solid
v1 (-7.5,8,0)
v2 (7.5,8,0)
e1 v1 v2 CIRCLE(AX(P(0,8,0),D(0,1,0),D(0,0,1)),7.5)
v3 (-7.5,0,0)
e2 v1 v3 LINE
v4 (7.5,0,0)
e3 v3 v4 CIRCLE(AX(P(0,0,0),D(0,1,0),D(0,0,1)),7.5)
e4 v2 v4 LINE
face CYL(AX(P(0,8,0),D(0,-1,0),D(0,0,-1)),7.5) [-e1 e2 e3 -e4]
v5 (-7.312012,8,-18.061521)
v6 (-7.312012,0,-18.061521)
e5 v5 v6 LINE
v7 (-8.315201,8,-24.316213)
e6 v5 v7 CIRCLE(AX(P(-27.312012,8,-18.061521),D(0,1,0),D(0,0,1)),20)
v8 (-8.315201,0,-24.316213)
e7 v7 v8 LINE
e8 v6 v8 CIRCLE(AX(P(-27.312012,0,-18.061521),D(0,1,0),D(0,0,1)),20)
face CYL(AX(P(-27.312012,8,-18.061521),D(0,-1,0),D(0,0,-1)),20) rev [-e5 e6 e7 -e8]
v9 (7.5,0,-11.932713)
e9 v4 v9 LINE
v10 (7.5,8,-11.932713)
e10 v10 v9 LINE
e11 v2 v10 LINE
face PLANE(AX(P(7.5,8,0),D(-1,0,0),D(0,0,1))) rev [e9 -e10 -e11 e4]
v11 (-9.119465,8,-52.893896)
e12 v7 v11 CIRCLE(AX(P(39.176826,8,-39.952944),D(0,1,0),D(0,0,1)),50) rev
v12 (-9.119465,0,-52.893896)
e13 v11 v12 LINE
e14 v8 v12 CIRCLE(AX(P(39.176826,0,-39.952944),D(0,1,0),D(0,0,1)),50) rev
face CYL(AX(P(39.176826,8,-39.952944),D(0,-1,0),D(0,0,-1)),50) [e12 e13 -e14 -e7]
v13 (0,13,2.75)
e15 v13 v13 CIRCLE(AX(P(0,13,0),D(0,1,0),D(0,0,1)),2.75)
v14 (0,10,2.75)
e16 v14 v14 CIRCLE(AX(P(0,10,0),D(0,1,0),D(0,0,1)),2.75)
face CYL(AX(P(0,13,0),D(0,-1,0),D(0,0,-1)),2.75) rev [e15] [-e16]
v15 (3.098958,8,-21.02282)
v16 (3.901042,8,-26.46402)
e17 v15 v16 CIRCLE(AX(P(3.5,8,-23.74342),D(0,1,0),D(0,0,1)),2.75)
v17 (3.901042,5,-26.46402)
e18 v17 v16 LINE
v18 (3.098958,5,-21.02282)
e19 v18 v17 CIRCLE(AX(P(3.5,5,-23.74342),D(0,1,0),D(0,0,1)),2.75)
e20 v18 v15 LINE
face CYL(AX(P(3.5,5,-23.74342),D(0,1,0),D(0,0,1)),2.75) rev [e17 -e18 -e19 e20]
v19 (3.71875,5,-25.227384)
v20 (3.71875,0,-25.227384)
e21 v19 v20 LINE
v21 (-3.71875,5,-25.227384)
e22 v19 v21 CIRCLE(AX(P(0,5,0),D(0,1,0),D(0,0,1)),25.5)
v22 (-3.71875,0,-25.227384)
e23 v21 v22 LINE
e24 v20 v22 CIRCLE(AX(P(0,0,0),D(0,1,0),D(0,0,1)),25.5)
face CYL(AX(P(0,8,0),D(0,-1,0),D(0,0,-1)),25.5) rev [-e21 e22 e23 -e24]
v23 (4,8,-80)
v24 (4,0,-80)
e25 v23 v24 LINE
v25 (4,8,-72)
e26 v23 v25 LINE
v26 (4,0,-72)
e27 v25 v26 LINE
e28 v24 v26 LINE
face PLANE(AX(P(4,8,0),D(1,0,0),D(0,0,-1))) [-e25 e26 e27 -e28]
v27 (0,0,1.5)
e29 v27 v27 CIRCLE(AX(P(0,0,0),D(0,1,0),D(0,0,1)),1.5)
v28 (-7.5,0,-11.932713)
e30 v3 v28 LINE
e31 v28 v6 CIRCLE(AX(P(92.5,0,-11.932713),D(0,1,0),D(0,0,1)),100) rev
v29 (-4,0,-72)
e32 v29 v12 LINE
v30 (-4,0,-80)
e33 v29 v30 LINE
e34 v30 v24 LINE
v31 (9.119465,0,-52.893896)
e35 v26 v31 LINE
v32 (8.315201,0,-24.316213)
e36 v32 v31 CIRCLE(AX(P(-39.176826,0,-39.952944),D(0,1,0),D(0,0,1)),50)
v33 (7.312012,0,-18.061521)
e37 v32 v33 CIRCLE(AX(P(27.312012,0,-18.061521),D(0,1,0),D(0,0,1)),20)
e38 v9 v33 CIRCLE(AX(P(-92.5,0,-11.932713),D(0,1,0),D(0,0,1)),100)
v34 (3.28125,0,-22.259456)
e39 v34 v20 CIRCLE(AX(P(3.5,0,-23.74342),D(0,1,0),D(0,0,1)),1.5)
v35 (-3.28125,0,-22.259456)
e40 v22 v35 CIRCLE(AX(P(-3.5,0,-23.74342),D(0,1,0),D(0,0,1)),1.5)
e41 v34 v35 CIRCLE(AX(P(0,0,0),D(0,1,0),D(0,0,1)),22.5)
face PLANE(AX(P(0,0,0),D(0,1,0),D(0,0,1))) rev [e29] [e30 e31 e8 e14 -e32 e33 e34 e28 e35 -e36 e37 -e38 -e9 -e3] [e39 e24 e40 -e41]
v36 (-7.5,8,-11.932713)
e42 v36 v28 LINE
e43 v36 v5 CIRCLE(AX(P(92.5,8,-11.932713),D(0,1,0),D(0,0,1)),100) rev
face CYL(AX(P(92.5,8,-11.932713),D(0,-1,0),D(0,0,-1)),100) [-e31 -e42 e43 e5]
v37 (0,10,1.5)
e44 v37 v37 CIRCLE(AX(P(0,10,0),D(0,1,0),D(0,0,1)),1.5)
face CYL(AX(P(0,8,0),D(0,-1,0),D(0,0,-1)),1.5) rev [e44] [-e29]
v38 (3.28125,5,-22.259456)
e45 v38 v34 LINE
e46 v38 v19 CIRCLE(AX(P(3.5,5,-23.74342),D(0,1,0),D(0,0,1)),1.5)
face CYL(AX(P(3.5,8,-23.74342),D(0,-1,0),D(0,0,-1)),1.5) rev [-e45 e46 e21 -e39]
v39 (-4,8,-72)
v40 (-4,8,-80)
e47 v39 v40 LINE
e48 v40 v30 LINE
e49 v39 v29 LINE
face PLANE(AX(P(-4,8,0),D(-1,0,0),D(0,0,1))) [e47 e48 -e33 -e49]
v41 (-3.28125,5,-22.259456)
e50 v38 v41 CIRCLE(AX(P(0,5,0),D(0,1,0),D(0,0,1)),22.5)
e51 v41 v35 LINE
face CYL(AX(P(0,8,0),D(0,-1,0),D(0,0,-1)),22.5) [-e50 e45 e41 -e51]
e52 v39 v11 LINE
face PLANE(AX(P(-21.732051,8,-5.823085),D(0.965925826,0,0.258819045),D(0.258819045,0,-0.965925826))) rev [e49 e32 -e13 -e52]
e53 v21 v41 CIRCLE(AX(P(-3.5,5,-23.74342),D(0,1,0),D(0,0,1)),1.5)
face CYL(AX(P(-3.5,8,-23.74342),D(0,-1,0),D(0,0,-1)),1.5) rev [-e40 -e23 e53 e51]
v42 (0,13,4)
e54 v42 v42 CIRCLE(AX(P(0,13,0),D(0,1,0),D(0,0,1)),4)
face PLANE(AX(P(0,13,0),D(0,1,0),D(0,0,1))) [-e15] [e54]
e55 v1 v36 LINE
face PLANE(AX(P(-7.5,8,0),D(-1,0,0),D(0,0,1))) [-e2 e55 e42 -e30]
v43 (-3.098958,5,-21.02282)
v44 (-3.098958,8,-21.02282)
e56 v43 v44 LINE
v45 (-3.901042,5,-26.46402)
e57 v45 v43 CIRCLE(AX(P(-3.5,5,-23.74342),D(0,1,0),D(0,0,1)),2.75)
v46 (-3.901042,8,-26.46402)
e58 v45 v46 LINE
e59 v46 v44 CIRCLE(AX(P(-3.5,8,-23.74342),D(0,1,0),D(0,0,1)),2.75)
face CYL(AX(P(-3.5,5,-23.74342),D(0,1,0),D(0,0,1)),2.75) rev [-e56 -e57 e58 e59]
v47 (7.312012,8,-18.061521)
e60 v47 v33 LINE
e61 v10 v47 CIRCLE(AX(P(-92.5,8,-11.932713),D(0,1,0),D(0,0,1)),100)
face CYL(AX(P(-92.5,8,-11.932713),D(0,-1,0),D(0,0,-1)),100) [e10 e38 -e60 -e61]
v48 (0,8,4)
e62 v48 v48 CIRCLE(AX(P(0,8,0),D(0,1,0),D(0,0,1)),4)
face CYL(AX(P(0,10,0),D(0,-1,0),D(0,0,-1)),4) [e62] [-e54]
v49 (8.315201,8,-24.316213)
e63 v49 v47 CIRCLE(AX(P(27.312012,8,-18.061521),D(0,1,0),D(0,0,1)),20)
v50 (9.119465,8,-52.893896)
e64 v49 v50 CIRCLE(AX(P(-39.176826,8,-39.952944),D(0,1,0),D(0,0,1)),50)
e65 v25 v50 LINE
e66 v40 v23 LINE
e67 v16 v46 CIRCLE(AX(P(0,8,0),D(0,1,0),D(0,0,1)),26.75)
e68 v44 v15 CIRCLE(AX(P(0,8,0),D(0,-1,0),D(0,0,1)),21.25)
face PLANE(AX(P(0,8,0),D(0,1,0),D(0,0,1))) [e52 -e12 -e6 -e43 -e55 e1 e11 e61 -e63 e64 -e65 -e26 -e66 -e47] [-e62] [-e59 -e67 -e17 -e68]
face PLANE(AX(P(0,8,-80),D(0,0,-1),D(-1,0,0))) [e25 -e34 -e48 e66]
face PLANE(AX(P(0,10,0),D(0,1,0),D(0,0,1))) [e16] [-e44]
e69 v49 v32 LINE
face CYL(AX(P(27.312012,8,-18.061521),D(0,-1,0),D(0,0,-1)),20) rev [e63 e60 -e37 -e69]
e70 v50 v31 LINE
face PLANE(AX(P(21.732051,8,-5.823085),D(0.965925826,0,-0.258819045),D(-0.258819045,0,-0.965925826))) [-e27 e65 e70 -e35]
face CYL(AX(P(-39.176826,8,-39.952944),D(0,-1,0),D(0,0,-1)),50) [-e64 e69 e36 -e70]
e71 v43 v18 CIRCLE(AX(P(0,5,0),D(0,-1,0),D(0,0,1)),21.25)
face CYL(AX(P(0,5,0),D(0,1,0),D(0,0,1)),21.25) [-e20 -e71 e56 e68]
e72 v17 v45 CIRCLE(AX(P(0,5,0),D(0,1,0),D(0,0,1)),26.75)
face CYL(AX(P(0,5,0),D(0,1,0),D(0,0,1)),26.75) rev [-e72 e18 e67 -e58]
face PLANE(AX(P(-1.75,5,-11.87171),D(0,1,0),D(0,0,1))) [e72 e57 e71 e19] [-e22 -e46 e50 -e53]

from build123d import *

# Parameters (mm, degrees)
SKETCH1_R           = 1.5
BOSS_EXTRUDE1_DEPTH = 8
SKETCH2_R           = 4
SKETCH2_R_2         = 1.5
BOSS_EXTRUDE2_DEPTH = 2
SKETCH3_R           = 4
SKETCH3_R_2         = 2.75
BOSS_EXTRUDE3_DEPTH = 3
CUT_EXTRUDE1_DEPTH  = 3


with BuildPart() as part:
    # Sketch1 → Boss-Extrude1 (new body)
    with BuildSketch(Plane(origin=(0, 0, 0), x_dir=(1, 0, 0), z_dir=(0, 1, 0))):
        with BuildLine():
            Line((-7.5, 11.932713059), (-7.5, 0))
            ThreePointArc((-7.5, 0), (0, -7.5), (7.5, 0))
            Line((7.5, 0), (7.5, 11.932713059))
            ThreePointArc((7.5, 11.932713059), (7.452991921, 14.998558127), (7.31201188, 18.061520806))
            ThreePointArc((7.31201188, 18.061520806), (7.564401673, 21.22883688), (8.315200992, 24.31621313))
            ThreePointArc((8.315200992, 24.31621313), (10.803384698, 38.546346738), (9.119465085, 52.893896195))
            Line((9.119465085, 52.893896195), (4, 72))
            Line((4, 72), (4, 80))
            Line((4, 80), (-4, 80))
            Line((-4, 80), (-4, 72))
            Line((-4, 72), (-9.119465085, 52.893896195))
            ThreePointArc((-9.119465085, 52.893896195), (-10.803384698, 38.546346738), (-8.315200992, 24.31621313))
            ThreePointArc((-8.315200992, 24.31621313), (-7.564401673, 21.22883688), (-7.31201188, 18.061520806))
            ThreePointArc((-7.31201188, 18.061520806), (-7.452991921, 14.998558127), (-7.5, 11.932713059))
        make_face()
        with Locations(Location((0, 0, 0), (0, 0, 270))):
            Circle(SKETCH1_R, mode=Mode.SUBTRACT)
        with BuildLine():
            ThreePointArc((-3.28125, 22.259456382), (-4.983963759, 23.524670141), (-3.71875, 25.2273839))
            ThreePointArc((-3.71875, 25.2273839), (0, 25.5), (3.71875, 25.2273839))
            ThreePointArc((3.71875, 25.2273839), (4.983963759, 23.524670141), (3.28125, 22.259456382))
            ThreePointArc((3.28125, 22.259456382), (0, 22.5), (-3.28125, 22.259456382))
        make_face(mode=Mode.SUBTRACT)
    extrude(amount=BOSS_EXTRUDE1_DEPTH)

    # Sketch2 → Boss-Extrude2 (add)
    with BuildSketch(Plane(origin=(0, 8, 0), x_dir=(1, 0, 0), z_dir=(0, 1, 0))):
        with Locations(Location((0, 0, 0), (0, 0, 270))):
            Circle(SKETCH2_R)
        with Locations(Location((0, 0, 0), (0, 0, 270))):
            Circle(SKETCH2_R_2, mode=Mode.SUBTRACT)
    extrude(amount=BOSS_EXTRUDE2_DEPTH)

    # Sketch3 → Boss-Extrude3 (add)
    with BuildSketch(Plane(origin=(0, 10, 0), x_dir=(1, 0, 0), z_dir=(0, 1, 0))):
        with Locations(Location((0, 0, 0), (0, 0, 270))):
            Circle(SKETCH3_R)
        with Locations(Location((0, 0, 0), (0, 0, 270))):
            Circle(SKETCH3_R_2, mode=Mode.SUBTRACT)
    extrude(amount=BOSS_EXTRUDE3_DEPTH)

    # Sketch4 → Cut-Extrude1 (cut)
    with BuildSketch(Plane(origin=(0, 8, 0), x_dir=(1, 0, 0), z_dir=(0, 1, 0))):
        with BuildLine():
            ThreePointArc((3.098958333, 21.022819917), (6.220600225, 23.342378475), (3.901041667, 26.464020366))
            ThreePointArc((3.901041667, 26.464020366), (0, 26.75), (-3.901041667, 26.464020366))
            ThreePointArc((-3.901041667, 26.464020366), (-6.220600225, 23.342378475), (-3.098958333, 21.022819917))
            ThreePointArc((-3.098958333, 21.022819917), (0, 21.25), (3.098958333, 21.022819917))
        make_face()
    extrude(amount=-CUT_EXTRUDE1_DEPTH, mode=Mode.SUBTRACT)


solid = part.part
